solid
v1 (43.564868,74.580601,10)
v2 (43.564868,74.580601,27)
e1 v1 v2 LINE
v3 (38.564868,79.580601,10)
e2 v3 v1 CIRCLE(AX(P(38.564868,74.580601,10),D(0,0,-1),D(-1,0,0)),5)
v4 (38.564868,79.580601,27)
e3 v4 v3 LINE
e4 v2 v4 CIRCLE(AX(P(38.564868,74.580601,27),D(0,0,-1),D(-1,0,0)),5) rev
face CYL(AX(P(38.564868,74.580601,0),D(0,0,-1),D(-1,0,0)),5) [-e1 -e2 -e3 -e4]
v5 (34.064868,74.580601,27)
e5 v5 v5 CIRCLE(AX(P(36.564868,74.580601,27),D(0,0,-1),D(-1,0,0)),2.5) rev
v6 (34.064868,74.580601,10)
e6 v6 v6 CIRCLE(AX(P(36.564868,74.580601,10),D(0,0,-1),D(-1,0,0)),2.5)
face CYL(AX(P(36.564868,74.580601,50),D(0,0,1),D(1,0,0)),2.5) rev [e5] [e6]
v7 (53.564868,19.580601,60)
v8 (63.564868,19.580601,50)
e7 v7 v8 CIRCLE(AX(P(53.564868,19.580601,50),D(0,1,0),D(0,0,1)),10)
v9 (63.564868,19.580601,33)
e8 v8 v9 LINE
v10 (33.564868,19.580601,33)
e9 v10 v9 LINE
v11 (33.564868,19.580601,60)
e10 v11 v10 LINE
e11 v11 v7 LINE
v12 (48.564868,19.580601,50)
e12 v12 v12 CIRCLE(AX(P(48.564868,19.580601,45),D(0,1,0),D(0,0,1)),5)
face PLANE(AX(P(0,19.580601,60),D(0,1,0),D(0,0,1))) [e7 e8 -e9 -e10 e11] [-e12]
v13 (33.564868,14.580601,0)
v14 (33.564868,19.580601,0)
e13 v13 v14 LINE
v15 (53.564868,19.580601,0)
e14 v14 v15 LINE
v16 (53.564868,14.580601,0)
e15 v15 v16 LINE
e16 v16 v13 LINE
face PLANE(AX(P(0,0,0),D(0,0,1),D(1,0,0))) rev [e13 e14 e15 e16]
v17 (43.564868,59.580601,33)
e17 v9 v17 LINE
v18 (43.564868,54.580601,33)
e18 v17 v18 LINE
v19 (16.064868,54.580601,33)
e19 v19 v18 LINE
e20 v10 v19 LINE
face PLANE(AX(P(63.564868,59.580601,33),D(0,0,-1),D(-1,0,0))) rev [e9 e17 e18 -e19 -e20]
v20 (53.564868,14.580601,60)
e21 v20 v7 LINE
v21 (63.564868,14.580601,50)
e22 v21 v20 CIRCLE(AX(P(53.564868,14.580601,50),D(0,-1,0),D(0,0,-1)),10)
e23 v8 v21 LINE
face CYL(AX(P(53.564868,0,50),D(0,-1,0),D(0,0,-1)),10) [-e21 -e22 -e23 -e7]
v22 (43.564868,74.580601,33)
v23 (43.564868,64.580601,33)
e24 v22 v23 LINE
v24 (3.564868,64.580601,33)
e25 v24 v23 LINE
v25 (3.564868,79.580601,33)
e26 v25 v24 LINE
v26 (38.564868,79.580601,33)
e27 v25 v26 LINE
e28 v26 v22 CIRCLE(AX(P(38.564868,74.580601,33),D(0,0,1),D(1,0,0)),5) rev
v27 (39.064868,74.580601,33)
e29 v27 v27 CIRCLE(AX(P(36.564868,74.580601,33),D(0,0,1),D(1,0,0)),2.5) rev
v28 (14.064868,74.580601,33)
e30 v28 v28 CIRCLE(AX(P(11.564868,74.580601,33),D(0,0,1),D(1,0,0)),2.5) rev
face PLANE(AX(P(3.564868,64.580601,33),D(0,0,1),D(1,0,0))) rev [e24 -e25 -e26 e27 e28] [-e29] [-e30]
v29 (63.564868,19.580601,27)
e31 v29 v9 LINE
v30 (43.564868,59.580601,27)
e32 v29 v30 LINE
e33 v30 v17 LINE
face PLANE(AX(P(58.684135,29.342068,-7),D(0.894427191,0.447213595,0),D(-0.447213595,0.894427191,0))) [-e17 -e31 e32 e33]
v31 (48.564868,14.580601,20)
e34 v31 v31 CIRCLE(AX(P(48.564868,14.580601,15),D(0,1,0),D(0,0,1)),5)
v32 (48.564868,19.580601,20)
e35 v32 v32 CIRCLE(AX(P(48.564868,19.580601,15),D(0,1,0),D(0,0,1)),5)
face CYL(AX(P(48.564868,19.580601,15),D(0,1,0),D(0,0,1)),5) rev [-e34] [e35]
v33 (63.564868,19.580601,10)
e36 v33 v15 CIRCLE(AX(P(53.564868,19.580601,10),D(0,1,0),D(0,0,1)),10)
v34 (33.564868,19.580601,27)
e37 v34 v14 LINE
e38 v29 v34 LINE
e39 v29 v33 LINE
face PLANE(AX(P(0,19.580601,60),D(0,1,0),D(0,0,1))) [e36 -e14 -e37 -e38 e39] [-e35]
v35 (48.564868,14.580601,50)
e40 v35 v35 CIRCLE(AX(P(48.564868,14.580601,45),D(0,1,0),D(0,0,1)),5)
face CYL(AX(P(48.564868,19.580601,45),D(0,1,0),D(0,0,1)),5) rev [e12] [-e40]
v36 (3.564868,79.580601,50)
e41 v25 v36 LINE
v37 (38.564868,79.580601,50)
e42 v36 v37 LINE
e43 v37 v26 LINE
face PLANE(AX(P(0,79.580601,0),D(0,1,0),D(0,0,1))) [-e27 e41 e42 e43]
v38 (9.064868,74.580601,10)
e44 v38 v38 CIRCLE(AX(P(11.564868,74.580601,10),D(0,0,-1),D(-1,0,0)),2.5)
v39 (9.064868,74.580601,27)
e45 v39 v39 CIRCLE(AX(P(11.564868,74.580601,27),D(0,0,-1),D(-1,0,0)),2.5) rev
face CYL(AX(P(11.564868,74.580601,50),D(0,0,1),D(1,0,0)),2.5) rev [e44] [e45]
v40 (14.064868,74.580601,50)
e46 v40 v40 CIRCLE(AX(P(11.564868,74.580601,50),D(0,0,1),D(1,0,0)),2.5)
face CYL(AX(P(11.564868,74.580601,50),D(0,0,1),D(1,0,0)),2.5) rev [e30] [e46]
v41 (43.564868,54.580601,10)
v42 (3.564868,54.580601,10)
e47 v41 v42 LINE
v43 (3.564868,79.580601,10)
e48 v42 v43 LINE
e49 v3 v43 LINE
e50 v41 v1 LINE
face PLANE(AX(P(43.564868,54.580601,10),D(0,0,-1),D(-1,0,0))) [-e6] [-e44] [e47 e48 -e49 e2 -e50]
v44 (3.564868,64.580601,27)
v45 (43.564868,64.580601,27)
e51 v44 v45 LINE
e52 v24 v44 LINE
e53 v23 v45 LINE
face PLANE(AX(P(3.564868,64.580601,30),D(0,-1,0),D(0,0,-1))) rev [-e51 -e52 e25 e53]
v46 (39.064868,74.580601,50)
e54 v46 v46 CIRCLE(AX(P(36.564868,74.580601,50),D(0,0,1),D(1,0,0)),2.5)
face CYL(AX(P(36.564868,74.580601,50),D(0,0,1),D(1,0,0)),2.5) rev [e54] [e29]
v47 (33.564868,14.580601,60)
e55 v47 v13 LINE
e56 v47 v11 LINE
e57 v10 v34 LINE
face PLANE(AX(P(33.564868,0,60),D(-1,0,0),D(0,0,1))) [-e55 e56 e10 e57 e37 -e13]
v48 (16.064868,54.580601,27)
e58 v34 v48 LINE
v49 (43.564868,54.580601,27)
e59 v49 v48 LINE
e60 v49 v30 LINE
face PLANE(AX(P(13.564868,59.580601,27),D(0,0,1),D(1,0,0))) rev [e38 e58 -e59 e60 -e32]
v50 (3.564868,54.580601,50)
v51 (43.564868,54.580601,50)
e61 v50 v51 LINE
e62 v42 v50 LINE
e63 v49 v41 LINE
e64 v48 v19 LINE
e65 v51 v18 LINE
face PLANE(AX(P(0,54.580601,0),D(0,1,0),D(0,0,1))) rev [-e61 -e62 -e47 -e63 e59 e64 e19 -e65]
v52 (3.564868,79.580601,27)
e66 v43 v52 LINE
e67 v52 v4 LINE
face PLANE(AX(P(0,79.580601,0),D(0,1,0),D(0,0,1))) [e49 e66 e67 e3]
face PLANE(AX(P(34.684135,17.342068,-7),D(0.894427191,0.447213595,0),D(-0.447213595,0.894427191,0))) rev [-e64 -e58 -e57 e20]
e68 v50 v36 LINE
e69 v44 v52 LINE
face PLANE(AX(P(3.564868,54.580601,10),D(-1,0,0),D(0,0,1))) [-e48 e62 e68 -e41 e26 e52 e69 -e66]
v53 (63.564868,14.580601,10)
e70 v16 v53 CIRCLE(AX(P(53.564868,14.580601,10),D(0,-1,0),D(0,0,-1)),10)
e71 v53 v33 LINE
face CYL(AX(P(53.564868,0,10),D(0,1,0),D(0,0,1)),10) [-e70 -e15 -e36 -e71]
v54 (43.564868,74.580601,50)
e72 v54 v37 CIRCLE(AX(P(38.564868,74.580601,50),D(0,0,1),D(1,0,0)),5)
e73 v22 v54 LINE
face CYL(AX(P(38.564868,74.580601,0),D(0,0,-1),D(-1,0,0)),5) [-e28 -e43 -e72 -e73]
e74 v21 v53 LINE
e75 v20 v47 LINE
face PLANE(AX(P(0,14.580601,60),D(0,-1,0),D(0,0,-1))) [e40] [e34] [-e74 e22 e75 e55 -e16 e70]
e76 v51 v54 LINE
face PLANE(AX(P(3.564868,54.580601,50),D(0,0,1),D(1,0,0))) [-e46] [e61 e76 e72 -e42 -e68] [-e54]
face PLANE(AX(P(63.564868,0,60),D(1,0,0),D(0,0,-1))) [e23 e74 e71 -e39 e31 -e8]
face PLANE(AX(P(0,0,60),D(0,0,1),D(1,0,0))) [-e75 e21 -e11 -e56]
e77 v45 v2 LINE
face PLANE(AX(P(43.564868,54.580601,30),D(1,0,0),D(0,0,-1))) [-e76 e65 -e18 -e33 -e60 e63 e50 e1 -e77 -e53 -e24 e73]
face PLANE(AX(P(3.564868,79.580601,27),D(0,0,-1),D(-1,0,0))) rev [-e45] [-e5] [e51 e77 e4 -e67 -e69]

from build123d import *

# Parameters (mm, degrees)
SKETCH1_W                  = 30
SKETCH1_H                  = 5
BOSS_EXTRUDE1_DEPTH        = 60
FILLET1_R                  = 10
F_10_0_10_DIAMETER_HOLE1_D = 10
SKETCH4_W                  = 50
SKETCH4_H                  = 6
BOSS_EXTRUDE4_DEPTH        = 40
CUT_EXTRUDE3_DEPTH         = 40
BOSS_EXTRUDE5_DEPTH        = 20
BOSS_EXTRUDE5_DEPTH_BACK   = 5
F_5_0_5_DIAMETER_HOLE1_D   = 5
CUT_EXTRUDE4_DEPTH         = 108.392141664
FILLET2_R                  = 5
FILLET3_R                  = 5


with BuildPart() as part:
    # Sketch1 → Boss-Extrude1 (new body)
    with BuildSketch(Plane.XY):
        with Locations((48.564868256, 17.080601224)):
            Rectangle(SKETCH1_W, SKETCH1_H)
    extrude(amount=BOSS_EXTRUDE1_DEPTH)

    # Fillet1
    fillet1_edges = [part.edges().sort_by_distance(p)[0] for p in [
        (63.564868256, 17.080601224, 60),
        (63.564868256, 17.080601224, 0),
    ]]
    fillet(fillet1_edges, radius=FILLET1_R)

    # Ø10.0 (10) Diameter Hole1 (through all)
    with Locations(Plane(origin=(48.564868256, 19.580601224, 15), x_dir=(0, 0, 1), z_dir=(0, 1, 0))):
        with Locations((0, 0), (30, 0)):
            Hole(F_10_0_10_DIAMETER_HOLE1_D / 2)

    # Sketch4 → Boss-Extrude4 (add)
    with BuildSketch(Plane(origin=(0, 19.580601224, 0), x_dir=(1, 0, 0), z_dir=(0, 1, 0))):
        with Locations((38.564868256, -30)):
            Rectangle(SKETCH4_W, SKETCH4_H)
    extrude(amount=BOSS_EXTRUDE4_DEPTH)

    # Sketch10 → Cut-Extrude3 (cut)
    with BuildSketch(Plane.XY.offset(33)):
        Polygon((33.564868256, 19.580601224), (13.564868256, 59.580601224), (13.564868256, 19.580601224), align=None)
        Polygon((63.564868256, 59.580601224), (43.564868256, 59.580601224), (63.564868256, 19.580601224), align=None)
    extrude(amount=-CUT_EXTRUDE3_DEPTH, mode=Mode.SUBTRACT)

    # Sketch11 → Boss-Extrude5 (add, two sides: drawn at the far end of the back side and taken through both)
    with BuildSketch(Plane(origin=(0, 59.580601224, 0), x_dir=(1, 0, 0), z_dir=(0, 1, 0)).offset(-BOSS_EXTRUDE5_DEPTH_BACK)):
        Polygon((43.564868256, -30), (43.564868256, -10), (3.564868256, -10), (3.564868256, -50), (43.564868256, -50), align=None)
    extrude(amount=BOSS_EXTRUDE5_DEPTH + BOSS_EXTRUDE5_DEPTH_BACK)

    # Ø5.0 (5) Diameter Hole1 (through all)
    with Locations(Plane(origin=(36.564868256, 74.580601224, 50), x_dir=(1, 0, 0), z_dir=(0, 0, 1))):
        with Locations((0, 0), (-25, 0)):
            Hole(F_5_0_5_DIAMETER_HOLE1_D / 2)

    # Sketch15 → Cut-Extrude4 (cut, through all)
    with BuildSketch(Plane(origin=(43.564868256, 0, 0), x_dir=(0, 0, -1), z_dir=(1, 0, 0))):
        Polygon((-30, 64.580601224), (-27, 64.580601224), (-27, 79.580601224), (-33, 79.580601224), (-33, 64.580601224), align=None)
    extrude(amount=-CUT_EXTRUDE4_DEPTH, mode=Mode.SUBTRACT)

    # Fillet2
    fillet2_edges = [part.edges().sort_by_distance(p)[0] for p in [
        (43.564868256, 79.580601224, 41.5),
    ]]
    fillet(fillet2_edges, radius=FILLET2_R)

    # Fillet3
    fillet3_edges = [part.edges().sort_by_distance(p)[0] for p in [
        (43.564868256, 79.580601224, 18.5),
    ]]
    fillet(fillet3_edges, radius=FILLET3_R)


solid = part.part
